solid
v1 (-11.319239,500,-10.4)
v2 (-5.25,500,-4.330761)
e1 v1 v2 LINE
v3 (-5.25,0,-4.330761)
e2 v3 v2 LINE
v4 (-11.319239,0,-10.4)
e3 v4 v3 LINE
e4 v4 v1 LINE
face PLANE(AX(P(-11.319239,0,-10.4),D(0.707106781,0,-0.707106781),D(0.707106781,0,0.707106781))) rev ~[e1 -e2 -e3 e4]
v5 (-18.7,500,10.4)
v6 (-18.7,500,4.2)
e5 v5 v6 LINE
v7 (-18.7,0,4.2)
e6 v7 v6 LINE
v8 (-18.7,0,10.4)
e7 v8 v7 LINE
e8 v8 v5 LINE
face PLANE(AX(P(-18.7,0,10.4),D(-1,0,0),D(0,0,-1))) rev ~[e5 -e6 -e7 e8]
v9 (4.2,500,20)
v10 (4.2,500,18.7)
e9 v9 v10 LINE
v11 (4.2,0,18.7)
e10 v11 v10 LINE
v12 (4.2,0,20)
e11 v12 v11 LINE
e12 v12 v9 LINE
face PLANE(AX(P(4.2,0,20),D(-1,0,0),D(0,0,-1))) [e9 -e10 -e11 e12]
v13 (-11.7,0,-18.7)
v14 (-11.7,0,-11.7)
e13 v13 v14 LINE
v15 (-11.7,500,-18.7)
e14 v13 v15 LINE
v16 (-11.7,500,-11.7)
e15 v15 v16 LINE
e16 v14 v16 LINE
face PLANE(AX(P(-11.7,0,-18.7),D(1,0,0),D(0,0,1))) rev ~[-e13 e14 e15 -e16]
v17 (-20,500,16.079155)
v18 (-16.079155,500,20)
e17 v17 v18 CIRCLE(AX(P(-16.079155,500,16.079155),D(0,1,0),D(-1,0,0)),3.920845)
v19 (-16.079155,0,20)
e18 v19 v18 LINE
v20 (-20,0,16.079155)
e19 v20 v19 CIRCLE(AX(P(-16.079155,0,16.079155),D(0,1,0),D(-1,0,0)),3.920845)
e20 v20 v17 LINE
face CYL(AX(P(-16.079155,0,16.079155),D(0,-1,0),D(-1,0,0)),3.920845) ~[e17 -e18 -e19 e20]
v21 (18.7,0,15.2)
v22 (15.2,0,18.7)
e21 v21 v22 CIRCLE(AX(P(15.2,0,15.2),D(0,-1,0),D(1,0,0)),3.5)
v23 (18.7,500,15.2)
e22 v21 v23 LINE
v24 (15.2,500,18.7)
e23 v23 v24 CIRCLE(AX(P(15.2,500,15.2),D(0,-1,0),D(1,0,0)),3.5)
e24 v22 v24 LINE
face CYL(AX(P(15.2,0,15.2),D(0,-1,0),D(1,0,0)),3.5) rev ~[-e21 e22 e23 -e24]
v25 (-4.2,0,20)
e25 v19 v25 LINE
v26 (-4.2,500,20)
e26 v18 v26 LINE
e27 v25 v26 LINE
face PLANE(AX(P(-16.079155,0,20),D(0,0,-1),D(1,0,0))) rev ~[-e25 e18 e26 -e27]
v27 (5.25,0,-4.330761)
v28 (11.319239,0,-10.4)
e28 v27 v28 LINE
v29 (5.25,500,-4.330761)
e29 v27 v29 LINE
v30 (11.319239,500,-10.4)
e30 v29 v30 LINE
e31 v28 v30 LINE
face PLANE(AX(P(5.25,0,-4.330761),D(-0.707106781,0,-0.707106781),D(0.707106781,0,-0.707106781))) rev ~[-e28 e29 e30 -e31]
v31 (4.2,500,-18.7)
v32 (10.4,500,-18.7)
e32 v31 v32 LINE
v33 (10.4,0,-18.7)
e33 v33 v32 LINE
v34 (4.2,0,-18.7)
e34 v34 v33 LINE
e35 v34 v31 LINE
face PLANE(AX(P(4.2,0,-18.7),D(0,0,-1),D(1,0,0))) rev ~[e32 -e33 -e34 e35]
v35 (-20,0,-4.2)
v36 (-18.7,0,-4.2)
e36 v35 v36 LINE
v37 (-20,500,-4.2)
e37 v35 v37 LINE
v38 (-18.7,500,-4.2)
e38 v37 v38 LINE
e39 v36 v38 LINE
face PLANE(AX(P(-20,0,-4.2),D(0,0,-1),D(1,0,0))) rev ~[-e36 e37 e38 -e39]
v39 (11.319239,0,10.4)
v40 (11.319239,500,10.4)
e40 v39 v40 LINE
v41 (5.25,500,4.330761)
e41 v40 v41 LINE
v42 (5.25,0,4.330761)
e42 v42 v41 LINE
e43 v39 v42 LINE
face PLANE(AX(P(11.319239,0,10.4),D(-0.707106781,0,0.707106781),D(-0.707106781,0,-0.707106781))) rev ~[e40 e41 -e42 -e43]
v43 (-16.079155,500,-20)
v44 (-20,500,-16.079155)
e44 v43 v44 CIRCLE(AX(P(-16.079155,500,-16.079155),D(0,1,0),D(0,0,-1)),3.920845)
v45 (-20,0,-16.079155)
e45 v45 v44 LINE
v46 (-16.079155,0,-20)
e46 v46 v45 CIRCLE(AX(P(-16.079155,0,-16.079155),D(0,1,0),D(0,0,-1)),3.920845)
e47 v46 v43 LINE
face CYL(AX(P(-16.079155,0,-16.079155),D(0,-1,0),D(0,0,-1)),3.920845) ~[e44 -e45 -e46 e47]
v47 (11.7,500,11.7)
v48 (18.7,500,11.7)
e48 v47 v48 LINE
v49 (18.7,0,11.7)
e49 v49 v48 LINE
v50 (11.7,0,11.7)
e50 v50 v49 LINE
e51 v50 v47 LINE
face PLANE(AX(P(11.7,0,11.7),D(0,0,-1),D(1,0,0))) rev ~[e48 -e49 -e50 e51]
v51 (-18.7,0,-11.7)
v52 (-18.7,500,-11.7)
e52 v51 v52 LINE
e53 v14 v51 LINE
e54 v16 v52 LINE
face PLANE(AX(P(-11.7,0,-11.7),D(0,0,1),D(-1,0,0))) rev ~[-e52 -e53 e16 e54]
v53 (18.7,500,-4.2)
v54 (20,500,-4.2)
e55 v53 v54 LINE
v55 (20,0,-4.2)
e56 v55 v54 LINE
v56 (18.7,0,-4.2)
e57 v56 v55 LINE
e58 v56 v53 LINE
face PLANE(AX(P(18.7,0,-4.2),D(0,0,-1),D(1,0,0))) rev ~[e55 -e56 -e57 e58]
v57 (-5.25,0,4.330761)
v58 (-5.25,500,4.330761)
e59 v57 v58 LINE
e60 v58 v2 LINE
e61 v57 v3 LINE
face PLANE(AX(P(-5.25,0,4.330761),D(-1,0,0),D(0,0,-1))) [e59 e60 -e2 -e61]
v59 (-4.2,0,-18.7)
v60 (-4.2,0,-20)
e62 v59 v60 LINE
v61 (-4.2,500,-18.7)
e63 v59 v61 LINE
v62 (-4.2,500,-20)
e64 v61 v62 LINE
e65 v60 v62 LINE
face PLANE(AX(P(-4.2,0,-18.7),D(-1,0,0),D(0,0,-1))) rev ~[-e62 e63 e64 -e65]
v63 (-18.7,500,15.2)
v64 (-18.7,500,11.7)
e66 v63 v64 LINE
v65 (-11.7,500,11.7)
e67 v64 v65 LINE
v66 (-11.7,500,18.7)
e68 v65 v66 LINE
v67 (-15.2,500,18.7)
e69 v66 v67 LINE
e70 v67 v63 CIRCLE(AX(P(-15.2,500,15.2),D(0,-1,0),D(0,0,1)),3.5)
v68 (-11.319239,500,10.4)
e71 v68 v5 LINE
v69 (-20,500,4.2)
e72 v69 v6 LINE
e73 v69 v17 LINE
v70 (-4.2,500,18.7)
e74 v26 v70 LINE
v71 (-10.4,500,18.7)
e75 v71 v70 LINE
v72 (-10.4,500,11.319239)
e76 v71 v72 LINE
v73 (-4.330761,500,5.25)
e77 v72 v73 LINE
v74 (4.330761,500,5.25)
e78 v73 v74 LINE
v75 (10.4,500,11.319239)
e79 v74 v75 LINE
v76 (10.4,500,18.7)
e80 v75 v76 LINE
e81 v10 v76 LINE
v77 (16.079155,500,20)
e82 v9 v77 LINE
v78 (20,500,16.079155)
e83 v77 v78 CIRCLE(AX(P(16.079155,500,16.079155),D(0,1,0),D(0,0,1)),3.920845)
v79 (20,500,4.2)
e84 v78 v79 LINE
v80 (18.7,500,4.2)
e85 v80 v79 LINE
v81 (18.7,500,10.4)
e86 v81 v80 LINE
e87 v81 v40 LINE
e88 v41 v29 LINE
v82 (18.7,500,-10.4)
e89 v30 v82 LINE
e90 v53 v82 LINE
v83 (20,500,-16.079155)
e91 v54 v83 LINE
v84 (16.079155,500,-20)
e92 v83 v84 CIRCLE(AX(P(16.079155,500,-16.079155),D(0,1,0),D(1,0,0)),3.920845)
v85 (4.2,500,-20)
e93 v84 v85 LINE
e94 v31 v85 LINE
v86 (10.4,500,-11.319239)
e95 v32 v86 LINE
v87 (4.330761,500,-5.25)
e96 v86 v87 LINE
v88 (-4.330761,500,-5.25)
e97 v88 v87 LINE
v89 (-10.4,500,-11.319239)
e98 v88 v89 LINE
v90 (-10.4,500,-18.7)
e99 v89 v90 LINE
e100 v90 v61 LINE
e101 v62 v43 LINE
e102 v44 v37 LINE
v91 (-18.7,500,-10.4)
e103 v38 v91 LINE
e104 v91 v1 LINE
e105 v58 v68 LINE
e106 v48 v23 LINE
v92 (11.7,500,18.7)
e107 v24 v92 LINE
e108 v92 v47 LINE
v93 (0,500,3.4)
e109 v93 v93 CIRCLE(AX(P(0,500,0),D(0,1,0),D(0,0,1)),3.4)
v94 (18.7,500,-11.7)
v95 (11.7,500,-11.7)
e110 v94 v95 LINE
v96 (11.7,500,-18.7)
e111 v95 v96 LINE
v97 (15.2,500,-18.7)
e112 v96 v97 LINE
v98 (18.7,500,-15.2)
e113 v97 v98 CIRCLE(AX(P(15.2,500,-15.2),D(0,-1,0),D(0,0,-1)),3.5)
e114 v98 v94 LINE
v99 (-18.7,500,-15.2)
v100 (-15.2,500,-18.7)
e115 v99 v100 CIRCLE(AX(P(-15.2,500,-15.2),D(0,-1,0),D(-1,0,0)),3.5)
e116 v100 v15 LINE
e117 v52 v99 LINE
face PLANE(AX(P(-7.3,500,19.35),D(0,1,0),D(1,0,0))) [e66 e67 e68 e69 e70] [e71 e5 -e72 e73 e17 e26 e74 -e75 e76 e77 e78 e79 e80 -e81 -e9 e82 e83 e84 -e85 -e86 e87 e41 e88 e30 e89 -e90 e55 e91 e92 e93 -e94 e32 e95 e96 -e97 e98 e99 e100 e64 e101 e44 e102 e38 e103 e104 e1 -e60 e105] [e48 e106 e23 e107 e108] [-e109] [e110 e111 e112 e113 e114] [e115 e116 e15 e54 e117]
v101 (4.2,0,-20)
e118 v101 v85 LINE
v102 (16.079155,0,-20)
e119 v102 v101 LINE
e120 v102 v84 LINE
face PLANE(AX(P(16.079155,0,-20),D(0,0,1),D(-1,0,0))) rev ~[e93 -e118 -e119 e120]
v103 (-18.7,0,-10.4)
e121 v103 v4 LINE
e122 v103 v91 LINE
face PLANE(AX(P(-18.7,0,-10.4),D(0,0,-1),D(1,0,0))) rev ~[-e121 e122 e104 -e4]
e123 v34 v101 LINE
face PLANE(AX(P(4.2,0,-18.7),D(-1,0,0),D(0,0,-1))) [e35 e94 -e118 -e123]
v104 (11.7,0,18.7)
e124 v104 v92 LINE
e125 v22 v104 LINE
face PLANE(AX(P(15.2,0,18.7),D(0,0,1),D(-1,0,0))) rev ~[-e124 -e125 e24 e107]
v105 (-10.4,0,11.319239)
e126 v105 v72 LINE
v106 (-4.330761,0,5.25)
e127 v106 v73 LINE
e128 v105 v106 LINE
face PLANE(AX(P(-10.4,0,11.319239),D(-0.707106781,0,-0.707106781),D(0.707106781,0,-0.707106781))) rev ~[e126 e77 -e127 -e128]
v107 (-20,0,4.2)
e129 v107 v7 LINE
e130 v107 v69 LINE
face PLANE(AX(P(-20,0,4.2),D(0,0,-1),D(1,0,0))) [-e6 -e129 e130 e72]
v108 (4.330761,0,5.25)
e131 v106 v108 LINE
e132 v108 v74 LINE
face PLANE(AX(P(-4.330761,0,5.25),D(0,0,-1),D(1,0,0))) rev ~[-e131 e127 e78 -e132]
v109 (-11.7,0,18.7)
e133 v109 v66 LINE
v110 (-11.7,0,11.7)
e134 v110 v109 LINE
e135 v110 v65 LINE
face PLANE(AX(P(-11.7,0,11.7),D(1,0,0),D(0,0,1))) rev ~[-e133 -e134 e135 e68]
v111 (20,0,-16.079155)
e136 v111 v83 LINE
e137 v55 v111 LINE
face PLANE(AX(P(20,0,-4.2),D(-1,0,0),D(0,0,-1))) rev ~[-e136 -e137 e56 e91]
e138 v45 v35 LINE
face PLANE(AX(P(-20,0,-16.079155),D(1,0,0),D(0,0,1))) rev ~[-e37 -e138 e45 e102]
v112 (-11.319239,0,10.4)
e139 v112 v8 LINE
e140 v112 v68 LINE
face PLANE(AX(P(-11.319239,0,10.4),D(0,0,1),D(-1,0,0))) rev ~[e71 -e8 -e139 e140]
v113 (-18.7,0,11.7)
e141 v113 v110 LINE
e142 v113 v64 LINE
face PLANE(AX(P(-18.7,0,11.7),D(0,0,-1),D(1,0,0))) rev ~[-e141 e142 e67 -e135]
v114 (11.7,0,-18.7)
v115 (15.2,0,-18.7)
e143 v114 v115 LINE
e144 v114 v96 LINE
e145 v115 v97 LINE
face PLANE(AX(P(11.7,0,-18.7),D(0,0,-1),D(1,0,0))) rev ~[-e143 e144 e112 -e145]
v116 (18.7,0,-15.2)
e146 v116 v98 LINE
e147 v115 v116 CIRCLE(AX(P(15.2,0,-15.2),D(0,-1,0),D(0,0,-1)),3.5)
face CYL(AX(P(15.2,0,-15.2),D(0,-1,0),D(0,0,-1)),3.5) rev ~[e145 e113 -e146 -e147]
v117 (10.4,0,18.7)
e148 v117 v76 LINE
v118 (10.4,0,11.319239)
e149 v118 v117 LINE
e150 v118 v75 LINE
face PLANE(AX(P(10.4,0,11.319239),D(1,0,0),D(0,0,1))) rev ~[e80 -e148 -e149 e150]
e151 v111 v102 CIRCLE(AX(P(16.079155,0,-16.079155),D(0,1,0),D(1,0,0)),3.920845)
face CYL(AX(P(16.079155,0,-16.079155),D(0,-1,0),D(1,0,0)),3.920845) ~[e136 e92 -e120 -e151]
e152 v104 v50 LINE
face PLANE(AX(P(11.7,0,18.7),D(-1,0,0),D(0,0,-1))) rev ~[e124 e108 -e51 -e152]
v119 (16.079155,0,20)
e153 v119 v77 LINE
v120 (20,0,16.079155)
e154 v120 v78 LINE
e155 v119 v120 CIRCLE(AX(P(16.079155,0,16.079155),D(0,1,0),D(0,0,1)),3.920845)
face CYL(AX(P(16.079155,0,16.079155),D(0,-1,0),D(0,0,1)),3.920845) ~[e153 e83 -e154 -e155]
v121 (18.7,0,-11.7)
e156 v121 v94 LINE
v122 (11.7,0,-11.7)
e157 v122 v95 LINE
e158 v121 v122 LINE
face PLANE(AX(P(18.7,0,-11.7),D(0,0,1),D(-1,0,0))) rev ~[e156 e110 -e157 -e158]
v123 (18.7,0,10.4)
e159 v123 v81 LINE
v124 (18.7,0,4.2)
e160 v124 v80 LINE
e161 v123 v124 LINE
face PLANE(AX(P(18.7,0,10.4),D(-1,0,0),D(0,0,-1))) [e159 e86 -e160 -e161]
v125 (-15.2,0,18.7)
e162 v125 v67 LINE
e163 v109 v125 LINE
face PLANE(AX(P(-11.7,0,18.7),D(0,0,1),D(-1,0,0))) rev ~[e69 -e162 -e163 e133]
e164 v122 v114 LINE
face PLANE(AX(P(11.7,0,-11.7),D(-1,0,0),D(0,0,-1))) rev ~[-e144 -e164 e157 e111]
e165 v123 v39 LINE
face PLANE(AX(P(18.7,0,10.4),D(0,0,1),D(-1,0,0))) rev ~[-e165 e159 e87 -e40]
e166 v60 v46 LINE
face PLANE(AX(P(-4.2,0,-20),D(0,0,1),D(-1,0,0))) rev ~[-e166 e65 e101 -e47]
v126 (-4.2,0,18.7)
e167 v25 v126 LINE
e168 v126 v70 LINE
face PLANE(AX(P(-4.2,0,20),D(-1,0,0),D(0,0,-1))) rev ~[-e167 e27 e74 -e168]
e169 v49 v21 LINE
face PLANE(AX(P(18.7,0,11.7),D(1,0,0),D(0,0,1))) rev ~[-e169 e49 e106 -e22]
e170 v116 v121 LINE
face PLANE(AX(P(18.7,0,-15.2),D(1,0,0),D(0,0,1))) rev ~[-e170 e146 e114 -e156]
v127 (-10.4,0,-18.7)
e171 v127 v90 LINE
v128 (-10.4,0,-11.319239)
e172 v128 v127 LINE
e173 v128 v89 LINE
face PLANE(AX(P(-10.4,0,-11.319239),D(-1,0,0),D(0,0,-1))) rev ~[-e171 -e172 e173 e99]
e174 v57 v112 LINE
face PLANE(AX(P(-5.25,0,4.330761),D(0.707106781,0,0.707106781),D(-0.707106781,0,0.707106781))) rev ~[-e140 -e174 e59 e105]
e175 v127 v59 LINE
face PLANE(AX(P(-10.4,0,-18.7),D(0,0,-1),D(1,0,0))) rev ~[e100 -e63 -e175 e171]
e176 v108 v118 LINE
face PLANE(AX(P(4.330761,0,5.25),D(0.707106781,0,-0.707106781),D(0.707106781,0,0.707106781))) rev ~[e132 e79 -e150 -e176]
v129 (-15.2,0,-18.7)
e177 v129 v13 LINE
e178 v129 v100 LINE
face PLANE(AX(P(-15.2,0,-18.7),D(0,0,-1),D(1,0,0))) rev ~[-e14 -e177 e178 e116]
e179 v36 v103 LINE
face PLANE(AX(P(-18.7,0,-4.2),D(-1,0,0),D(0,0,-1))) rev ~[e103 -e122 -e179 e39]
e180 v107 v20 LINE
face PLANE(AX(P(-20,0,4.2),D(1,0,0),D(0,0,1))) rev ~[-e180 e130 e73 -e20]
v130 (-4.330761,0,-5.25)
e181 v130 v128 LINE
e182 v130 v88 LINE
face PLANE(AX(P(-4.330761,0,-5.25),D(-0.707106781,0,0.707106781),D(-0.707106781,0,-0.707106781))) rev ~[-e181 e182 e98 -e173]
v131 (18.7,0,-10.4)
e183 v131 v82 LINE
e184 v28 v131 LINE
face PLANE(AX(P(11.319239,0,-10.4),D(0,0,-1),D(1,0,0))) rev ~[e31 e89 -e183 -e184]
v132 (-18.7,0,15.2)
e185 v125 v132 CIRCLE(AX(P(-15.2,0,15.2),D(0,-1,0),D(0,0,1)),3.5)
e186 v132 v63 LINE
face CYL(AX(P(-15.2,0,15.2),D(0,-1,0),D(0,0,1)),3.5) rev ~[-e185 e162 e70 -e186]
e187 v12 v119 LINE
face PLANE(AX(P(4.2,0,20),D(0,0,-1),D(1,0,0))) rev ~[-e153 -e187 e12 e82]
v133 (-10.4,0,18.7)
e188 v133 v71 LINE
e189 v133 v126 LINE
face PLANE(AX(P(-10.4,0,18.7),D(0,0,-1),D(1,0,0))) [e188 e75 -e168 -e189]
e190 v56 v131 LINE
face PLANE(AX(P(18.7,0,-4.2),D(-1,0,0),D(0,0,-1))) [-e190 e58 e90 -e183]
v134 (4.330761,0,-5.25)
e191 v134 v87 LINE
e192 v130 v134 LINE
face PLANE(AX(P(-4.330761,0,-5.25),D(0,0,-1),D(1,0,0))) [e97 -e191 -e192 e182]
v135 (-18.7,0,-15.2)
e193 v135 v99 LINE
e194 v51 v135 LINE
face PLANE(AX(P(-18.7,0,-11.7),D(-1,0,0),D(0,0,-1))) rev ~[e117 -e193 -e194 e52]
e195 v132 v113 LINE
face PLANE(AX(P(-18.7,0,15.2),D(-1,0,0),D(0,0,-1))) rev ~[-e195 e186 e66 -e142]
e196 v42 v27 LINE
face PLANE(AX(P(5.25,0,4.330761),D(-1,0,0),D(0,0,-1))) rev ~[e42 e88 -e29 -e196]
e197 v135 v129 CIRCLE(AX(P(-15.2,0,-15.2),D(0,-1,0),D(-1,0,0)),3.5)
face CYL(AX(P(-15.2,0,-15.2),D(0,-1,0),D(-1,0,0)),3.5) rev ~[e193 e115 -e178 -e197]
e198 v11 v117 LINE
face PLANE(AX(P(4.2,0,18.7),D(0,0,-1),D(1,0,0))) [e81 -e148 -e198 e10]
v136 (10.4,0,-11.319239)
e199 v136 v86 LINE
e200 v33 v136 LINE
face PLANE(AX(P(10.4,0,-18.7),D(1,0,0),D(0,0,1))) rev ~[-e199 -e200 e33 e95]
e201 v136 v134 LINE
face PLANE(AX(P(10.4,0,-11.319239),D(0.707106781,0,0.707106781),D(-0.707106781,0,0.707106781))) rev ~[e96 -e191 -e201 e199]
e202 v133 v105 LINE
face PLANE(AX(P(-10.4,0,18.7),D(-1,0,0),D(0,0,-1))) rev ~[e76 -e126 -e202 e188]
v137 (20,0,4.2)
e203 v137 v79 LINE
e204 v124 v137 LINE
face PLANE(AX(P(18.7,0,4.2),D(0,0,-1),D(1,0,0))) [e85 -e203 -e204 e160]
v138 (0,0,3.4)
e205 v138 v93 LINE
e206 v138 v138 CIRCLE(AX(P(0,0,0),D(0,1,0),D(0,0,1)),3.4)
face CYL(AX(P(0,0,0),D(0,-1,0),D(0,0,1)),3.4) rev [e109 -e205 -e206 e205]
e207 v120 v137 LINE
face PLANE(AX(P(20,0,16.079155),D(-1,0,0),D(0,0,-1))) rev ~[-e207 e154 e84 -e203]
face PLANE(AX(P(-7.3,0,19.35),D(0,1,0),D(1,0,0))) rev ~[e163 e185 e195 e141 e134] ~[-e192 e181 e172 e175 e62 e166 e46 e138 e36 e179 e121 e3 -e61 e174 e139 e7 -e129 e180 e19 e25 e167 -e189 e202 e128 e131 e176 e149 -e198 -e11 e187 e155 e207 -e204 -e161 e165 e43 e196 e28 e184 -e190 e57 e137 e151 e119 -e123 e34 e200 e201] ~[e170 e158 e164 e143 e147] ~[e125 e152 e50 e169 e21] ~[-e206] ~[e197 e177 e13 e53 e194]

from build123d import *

# Parameters (mm, degrees)
SKETCH_1_W      = 6.2
SKETCH_1_H      = 1.3
SKETCH_1_W_2    = 1.3
SKETCH_1_H_2    = 6.2
SKETCH_1_W_3    = 10.5
SKETCH_1_H_3    = 10.5
SKETCH_1_R      = 3.4
EXTRUDE_2_DEPTH = 500


with BuildPart() as part:
    # 草图1 → 凸台-拉伸2 (new body)
    with BuildSketch(Plane(origin=(0, 0, 0), x_dir=(1, 0, 0), z_dir=(0, 1, 0))):
        with Locations((-7.3, -19.35)):
            Rectangle(SKETCH_1_W, SKETCH_1_H)
        with BuildLine():
            Line((-18.7, -10.4), (-20, -10.4))
            Line((-20, -10.4), (-20, -16.079155302))
            ThreePointArc((-20, -16.079155302), (-18.851611176, -18.851611176), (-16.079155302, -20))
            Line((-16.079155302, -20), (-10.4, -20))
            Line((-10.4, -20), (-10.4, -18.7))
            Line((-10.4, -18.7), (-10.4, -11.319238816))
            Line((-10.4, -11.319238816), (-10.4, -10.4))
            Line((-10.4, -10.4), (-11.319238816, -10.4))
            Line((-11.319238816, -10.4), (-18.7, -10.4))
        make_face()
        Polygon((-18.7, -15.2), (-18.7, -11.7), (-15.2, -11.7), (-11.7, -11.7), (-11.7, -15.2), (-11.7, -18.7), (-15.2, -18.7), (-18.7, -18.7), align=None, mode=Mode.SUBTRACT)
        with Locations((-19.35, -7.3)):
            Rectangle(SKETCH_1_W_2, SKETCH_1_H_2)
        with BuildLine():
            ThreePointArc((-15.2, -18.7), (-17.674873734, -17.674873734), (-18.7, -15.2))
            Line((-18.7, -15.2), (-18.7, -18.7))
            Line((-18.7, -18.7), (-15.2, -18.7))
        make_face()
        Polygon((-5.25, -5.25), (-5.25, -4.330761184), (-11.319238816, -10.4), (-10.4, -10.4), (-10.4, -11.319238816), (-4.330761184, -5.25), align=None)
        Rectangle(SKETCH_1_W_3, SKETCH_1_H_3)
        with Locations(Location((0, 0, 0), (0, 0, 270))):
            Circle(SKETCH_1_R, mode=Mode.SUBTRACT)
        Polygon((11.319238816, -10.4), (5.25, -4.330761184), (5.25, -5.25), (4.330761184, -5.25), (10.4, -11.319238816), (10.4, -10.4), align=None)
        Polygon((10.4, 11.319238816), (4.330761184, 5.25), (5.25, 5.25), (5.25, 4.330761184), (11.319238816, 10.4), (10.4, 10.4), align=None)
        Polygon((-4.330761184, 5.25), (-10.4, 11.319238816), (-10.4, 10.4), (-11.319238816, 10.4), (-5.25, 4.330761184), (-5.25, 5.25), align=None)
        with BuildLine():
            Line((18.7, -10.4), (11.319238816, -10.4))
            Line((11.319238816, -10.4), (10.4, -10.4))
            Line((10.4, -10.4), (10.4, -11.319238816))
            Line((10.4, -11.319238816), (10.4, -18.7))
            Line((10.4, -18.7), (10.4, -20))
            Line((10.4, -20), (16.079155302, -20))
            ThreePointArc((16.079155302, -20), (18.851611176, -18.851611176), (20, -16.079155302))
            Line((20, -16.079155302), (20, -10.4))
            Line((20, -10.4), (18.7, -10.4))
        make_face()
        Polygon((15.2, -11.7), (18.7, -11.7), (18.7, -15.2), (18.7, -18.7), (15.2, -18.7), (11.7, -18.7), (11.7, -15.2), (11.7, -11.7), align=None, mode=Mode.SUBTRACT)
        with BuildLine():
            Line((18.7, -18.7), (18.7, -15.2))
            ThreePointArc((18.7, -15.2), (17.674873734, -17.674873734), (15.2, -18.7))
            Line((15.2, -18.7), (18.7, -18.7))
        make_face()
        with BuildLine():
            Line((16.079155302, 20), (10.4, 20))
            Line((10.4, 20), (10.4, 18.7))
            Line((10.4, 18.7), (10.4, 11.319238816))
            Line((10.4, 11.319238816), (10.4, 10.4))
            Line((10.4, 10.4), (11.319238816, 10.4))
            Line((11.319238816, 10.4), (18.7, 10.4))
            Line((18.7, 10.4), (20, 10.4))
            Line((20, 10.4), (20, 16.079155302))
            ThreePointArc((20, 16.079155302), (18.851611176, 18.851611176), (16.079155302, 20))
        make_face()
        Polygon((15.2, 18.7), (18.7, 18.7), (18.7, 15.2), (18.7, 11.7), (15.2, 11.7), (11.7, 11.7), (11.7, 15.2), (11.7, 18.7), align=None, mode=Mode.SUBTRACT)
        with BuildLine():
            Line((18.7, 15.2), (18.7, 18.7))
            Line((18.7, 18.7), (15.2, 18.7))
            ThreePointArc((15.2, 18.7), (17.674873734, 17.674873734), (18.7, 15.2))
        make_face()
        with BuildLine():
            Line((-10.4, 20), (-16.079155302, 20))
            ThreePointArc((-16.079155302, 20), (-18.851611176, 18.851611176), (-20, 16.079155302))
            Line((-20, 16.079155302), (-20, 10.4))
            Line((-20, 10.4), (-18.7, 10.4))
            Line((-18.7, 10.4), (-11.319238816, 10.4))
            Line((-11.319238816, 10.4), (-10.4, 10.4))
            Line((-10.4, 10.4), (-10.4, 11.319238816))
            Line((-10.4, 11.319238816), (-10.4, 18.7))
            Line((-10.4, 18.7), (-10.4, 20))
        make_face()
        Polygon((-15.2, 11.7), (-18.7, 11.7), (-18.7, 15.2), (-18.7, 18.7), (-15.2, 18.7), (-11.7, 18.7), (-11.7, 15.2), (-11.7, 11.7), align=None, mode=Mode.SUBTRACT)
        with BuildLine():
            Line((-18.7, 18.7), (-18.7, 15.2))
            ThreePointArc((-18.7, 15.2), (-17.674873734, 17.674873734), (-15.2, 18.7))
            Line((-15.2, 18.7), (-18.7, 18.7))
        make_face()
        with Locations((-7.3, 19.35)):
            Rectangle(SKETCH_1_W, SKETCH_1_H)
        with Locations((7.3, 19.35)):
            Rectangle(SKETCH_1_W, SKETCH_1_H)
        with Locations((19.35, 7.3)):
            Rectangle(SKETCH_1_W_2, SKETCH_1_H_2)
        with Locations((-19.35, 7.3)):
            Rectangle(SKETCH_1_W_2, SKETCH_1_H_2)
        with Locations((19.35, -7.3)):
            Rectangle(SKETCH_1_W_2, SKETCH_1_H_2)
        with Locations((7.3, -19.35)):
            Rectangle(SKETCH_1_W, SKETCH_1_H)
    extrude(amount=EXTRUDE_2_DEPTH)


solid = part.part
